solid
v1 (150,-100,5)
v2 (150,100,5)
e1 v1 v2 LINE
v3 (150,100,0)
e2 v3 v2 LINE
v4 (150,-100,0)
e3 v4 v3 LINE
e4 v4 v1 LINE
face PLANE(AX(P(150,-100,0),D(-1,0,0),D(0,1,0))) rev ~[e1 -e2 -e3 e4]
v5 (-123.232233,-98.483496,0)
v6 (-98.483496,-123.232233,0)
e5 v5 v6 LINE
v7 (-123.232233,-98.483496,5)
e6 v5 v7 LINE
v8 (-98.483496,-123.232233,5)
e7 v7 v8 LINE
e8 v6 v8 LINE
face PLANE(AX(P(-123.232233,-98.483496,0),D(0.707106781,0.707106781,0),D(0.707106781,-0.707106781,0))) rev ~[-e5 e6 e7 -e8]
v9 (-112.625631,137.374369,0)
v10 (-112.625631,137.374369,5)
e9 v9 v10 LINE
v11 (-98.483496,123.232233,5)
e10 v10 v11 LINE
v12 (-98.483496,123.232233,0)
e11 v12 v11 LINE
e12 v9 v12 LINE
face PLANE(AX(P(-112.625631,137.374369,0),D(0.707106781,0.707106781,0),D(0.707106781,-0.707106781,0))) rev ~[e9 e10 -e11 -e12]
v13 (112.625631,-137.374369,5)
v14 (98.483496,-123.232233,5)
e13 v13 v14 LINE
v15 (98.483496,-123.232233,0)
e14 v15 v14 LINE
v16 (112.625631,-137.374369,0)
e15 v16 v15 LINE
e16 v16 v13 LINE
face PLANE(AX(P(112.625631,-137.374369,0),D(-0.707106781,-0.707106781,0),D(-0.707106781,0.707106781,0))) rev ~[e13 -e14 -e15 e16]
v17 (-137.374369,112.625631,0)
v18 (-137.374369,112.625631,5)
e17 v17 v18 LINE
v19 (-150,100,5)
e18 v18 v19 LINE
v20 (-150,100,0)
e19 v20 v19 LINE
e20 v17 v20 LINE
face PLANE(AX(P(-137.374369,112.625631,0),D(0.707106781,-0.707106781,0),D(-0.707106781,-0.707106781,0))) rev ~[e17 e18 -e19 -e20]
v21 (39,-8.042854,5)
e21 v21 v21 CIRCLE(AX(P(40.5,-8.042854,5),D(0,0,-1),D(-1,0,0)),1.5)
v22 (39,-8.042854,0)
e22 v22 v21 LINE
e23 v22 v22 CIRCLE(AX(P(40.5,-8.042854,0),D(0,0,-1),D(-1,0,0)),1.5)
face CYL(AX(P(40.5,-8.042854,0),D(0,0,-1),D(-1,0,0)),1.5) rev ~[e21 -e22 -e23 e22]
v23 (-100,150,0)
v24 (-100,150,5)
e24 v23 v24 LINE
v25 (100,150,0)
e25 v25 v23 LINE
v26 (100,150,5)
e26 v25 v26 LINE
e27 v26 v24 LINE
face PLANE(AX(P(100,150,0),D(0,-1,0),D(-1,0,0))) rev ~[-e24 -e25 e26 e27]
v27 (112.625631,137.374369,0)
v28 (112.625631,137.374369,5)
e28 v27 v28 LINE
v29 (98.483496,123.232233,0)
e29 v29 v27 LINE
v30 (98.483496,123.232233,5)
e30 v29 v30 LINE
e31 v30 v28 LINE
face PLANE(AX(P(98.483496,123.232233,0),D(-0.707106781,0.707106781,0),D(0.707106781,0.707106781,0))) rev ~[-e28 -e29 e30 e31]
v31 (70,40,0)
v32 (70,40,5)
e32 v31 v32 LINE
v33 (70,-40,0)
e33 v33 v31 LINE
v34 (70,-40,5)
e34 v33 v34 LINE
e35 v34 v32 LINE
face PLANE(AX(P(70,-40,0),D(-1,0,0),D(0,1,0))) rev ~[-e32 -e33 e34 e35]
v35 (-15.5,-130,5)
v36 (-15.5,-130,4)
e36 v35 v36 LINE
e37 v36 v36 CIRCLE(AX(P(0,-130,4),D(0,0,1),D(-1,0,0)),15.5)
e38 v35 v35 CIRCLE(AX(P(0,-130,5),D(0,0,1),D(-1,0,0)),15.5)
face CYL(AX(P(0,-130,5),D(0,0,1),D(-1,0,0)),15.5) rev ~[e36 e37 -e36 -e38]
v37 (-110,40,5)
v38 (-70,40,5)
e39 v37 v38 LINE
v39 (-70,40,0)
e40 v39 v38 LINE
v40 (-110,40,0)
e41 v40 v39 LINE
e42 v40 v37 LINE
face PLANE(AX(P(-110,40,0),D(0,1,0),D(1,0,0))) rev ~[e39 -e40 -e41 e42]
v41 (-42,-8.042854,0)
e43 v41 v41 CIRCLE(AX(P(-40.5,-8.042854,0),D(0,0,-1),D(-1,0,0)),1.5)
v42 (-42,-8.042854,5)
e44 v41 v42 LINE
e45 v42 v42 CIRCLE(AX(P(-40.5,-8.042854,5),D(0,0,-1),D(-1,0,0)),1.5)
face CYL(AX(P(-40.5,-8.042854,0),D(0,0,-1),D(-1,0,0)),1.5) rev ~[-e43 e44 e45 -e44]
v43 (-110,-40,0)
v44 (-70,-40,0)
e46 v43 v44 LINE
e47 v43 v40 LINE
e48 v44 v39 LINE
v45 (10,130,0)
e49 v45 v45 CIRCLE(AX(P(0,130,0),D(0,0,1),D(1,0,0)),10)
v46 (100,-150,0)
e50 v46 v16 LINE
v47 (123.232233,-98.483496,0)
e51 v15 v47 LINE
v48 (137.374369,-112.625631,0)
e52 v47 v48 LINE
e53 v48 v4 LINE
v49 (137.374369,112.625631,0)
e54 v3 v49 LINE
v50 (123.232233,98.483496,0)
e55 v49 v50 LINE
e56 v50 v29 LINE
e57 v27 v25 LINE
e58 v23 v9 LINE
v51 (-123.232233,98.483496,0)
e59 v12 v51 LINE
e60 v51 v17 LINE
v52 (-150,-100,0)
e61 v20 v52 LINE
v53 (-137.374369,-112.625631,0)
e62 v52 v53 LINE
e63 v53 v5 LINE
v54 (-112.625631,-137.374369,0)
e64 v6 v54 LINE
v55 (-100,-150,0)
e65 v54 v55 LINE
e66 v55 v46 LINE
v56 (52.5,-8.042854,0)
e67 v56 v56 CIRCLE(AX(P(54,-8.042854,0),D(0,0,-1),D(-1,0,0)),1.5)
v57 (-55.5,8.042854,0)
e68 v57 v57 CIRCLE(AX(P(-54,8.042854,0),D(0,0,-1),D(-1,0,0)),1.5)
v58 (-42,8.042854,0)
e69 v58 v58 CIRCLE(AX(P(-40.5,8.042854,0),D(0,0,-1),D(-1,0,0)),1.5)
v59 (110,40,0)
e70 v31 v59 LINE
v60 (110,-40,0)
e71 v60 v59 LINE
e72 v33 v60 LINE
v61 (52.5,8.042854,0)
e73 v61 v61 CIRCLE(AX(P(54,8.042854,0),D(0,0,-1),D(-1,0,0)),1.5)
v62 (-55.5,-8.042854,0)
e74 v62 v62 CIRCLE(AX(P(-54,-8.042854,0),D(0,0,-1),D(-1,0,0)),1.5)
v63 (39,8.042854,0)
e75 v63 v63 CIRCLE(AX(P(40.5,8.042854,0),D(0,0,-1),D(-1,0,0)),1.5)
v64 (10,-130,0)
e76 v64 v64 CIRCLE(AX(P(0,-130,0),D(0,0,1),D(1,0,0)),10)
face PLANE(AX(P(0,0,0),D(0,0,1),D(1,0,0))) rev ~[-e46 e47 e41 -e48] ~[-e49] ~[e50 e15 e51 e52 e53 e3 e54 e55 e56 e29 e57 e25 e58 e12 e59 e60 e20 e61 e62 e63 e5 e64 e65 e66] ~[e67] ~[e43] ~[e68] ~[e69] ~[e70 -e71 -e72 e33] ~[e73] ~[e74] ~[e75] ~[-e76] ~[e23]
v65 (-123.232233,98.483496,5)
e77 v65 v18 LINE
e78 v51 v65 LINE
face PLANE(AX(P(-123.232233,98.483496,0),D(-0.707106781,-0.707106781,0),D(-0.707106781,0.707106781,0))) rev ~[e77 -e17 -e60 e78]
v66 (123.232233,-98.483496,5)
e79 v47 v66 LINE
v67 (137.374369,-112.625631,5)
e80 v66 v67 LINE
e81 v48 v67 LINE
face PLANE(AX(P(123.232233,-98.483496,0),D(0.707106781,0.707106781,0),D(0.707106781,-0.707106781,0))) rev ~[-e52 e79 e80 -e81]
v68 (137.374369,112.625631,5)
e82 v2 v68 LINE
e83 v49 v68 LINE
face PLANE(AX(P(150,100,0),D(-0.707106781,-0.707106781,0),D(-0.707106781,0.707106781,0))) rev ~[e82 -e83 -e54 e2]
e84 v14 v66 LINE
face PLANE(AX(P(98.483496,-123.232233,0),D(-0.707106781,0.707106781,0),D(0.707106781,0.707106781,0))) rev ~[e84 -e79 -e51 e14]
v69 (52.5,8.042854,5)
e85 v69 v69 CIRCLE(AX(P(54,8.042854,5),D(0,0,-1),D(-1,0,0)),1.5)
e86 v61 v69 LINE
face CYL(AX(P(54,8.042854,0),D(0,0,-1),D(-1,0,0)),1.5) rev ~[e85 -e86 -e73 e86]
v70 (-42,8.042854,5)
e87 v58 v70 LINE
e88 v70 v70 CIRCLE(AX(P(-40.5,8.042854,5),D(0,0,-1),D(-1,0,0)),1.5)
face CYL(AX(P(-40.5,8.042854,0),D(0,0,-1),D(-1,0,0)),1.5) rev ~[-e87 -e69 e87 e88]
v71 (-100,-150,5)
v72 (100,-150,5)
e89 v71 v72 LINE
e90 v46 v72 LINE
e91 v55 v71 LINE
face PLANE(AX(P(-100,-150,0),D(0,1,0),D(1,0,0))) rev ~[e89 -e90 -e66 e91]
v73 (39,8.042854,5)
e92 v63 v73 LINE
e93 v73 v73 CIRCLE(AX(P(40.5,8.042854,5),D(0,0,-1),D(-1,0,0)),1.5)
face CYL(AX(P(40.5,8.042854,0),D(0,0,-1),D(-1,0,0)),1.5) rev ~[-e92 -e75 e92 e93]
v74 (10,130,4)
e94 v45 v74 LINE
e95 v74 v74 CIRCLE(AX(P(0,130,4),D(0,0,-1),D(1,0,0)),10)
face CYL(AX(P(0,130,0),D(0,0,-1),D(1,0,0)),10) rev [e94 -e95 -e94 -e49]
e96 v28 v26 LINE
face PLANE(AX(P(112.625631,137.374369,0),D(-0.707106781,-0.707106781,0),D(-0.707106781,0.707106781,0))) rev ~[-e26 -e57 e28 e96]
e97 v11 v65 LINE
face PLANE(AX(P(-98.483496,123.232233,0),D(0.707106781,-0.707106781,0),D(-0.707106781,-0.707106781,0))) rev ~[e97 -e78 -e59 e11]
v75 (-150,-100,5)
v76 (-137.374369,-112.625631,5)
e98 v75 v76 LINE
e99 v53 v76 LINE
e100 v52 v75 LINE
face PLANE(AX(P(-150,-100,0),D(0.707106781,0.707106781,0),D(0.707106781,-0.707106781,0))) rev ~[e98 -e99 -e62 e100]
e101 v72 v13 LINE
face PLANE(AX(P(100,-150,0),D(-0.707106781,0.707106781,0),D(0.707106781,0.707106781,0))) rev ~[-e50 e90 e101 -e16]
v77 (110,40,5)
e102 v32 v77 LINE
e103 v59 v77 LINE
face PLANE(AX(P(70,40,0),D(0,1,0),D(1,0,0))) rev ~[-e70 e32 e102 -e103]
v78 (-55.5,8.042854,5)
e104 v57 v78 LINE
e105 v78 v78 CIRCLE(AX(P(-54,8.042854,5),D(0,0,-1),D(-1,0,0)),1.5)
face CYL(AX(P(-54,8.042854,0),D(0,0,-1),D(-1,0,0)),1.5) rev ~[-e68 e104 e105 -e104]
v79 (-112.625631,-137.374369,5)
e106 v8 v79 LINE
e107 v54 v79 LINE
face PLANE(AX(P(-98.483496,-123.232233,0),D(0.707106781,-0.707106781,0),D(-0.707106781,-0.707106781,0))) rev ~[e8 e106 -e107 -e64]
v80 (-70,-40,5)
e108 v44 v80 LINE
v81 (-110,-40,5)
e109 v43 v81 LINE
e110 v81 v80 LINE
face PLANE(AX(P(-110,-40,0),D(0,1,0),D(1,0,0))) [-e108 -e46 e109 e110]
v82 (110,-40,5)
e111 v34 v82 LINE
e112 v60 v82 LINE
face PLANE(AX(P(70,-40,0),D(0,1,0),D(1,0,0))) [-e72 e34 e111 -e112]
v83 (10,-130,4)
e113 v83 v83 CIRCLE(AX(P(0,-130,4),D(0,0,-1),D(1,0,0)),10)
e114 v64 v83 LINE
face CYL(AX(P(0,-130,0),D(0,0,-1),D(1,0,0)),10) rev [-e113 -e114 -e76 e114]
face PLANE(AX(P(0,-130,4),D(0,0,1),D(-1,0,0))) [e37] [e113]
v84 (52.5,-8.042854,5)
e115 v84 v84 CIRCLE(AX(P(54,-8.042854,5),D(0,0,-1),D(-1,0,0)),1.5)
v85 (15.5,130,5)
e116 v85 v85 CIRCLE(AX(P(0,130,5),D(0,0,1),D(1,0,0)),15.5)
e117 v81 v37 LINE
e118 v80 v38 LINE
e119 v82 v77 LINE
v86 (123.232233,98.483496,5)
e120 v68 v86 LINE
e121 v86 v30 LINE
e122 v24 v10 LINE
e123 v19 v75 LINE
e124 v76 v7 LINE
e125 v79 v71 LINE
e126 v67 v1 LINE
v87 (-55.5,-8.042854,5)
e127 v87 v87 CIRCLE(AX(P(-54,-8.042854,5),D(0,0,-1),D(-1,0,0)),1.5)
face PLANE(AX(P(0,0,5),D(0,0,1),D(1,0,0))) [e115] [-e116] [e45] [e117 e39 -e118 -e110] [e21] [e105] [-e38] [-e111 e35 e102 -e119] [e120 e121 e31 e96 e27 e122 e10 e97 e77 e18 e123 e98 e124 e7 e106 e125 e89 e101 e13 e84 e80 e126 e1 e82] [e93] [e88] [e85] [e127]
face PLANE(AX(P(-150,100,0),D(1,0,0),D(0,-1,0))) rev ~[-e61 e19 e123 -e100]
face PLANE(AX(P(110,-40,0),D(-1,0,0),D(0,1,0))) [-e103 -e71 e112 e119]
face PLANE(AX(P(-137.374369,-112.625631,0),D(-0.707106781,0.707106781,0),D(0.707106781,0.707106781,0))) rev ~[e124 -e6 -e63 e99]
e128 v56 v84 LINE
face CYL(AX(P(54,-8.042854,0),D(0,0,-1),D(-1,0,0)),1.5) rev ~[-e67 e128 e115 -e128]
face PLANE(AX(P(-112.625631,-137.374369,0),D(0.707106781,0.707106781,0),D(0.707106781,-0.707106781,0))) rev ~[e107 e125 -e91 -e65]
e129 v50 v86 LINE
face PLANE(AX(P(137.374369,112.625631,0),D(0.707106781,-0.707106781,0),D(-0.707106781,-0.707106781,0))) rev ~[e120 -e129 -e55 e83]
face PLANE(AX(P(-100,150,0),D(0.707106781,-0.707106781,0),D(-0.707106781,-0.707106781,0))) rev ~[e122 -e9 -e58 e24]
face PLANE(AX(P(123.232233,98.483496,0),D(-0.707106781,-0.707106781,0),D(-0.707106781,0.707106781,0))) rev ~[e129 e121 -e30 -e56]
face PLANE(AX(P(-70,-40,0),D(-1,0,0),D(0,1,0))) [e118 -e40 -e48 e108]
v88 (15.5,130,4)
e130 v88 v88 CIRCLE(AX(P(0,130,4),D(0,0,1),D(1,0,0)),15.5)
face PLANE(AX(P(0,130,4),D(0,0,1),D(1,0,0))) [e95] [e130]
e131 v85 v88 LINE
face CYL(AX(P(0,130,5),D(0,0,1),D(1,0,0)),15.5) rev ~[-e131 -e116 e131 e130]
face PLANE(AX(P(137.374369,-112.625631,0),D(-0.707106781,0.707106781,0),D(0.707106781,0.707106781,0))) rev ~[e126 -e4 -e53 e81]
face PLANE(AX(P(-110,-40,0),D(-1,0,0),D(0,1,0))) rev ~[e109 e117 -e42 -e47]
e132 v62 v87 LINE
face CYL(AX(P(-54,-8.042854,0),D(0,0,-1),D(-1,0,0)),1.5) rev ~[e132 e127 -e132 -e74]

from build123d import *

# Parameters (mm, degrees)
ESQUISSE1_W             = 40
ESQUISSE1_H             = 80
ESQUISSE1_R             = 10
BOSS_EXTRU_1_DEPTH      = 5
ESQUISSE2_R             = 15.5
ENL_V_MAT_EXTRU_1_DEPTH = 1
ESQUISSE3_R             = 1.5
ENL_V_MAT_EXTRU_2_DEPTH = 213.190951739


with BuildPart() as part:
    # Esquisse1 → Boss.-Extru.1 (new body)
    with BuildSketch(Plane.XY):
        Polygon((112.625631329, 137.374368671), (100, 150), (-100, 150), (-112.625631329, 137.374368671), (-98.483495706, 123.232233047), (-123.232233047, 98.483495706), (-137.374368671, 112.625631329), (-150, 100), (-150, -100), (-137.374368671, -112.625631329), (-123.232233047, -98.483495706), (-98.483495706, -123.232233047), (-112.625631329, -137.374368671), (-100, -150), (100, -150), (112.625631329, -137.374368671), (98.483495706, -123.232233047), (123.232233047, -98.483495706), (137.374368671, -112.625631329), (150, -100), (150, 100), (137.374368671, 112.625631329), (123.232233047, 98.483495706), (98.483495706, 123.232233047), align=None)
        with Locations((-90, 0)):
            Rectangle(ESQUISSE1_W, ESQUISSE1_H, mode=Mode.SUBTRACT)
        with Locations((0, -130)):
            Circle(ESQUISSE1_R, mode=Mode.SUBTRACT)
        with Locations((90, 0)):
            Rectangle(ESQUISSE1_W, ESQUISSE1_H, mode=Mode.SUBTRACT)
        with Locations((0, 130)):
            Circle(ESQUISSE1_R, mode=Mode.SUBTRACT)
    extrude(amount=BOSS_EXTRU_1_DEPTH)

    # Esquisse2 → Enlèv. mat.-Extru.1 (cut)
    with BuildSketch(Plane.XY.offset(5)):
        with Locations((0, 130)):
            Circle(ESQUISSE2_R)
        with Locations(Location((0, -130, 0), (0, 0, 180))):
            Circle(ESQUISSE2_R)
    extrude(amount=-ENL_V_MAT_EXTRU_1_DEPTH, mode=Mode.SUBTRACT)

    # Esquisse3 → Enlèv. mat.-Extru.2 (cut, through all)
    with BuildSketch(Plane(origin=(0, 0, 0), x_dir=(-1, 0, 0), z_dir=(0, 0, -1))):
        with Locations((-40.5, 8.042853971)):
            Circle(ESQUISSE3_R)
        with Locations((-40.5, -8.042853971)):
            Circle(ESQUISSE3_R)
        with Locations((-54, 8.042853971)):
            Circle(ESQUISSE3_R)
        with Locations((-54, -8.042853971)):
            Circle(ESQUISSE3_R)
        with Locations((40.5, -8.042853971)):
            Circle(ESQUISSE3_R)
        with Locations((54, -8.042853971)):
            Circle(ESQUISSE3_R)
        with Locations((54, 8.042853971)):
            Circle(ESQUISSE3_R)
        with Locations((40.5, 8.042853971)):
            Circle(ESQUISSE3_R)
    extrude(amount=-ENL_V_MAT_EXTRU_2_DEPTH, mode=Mode.SUBTRACT)


solid = part.part
